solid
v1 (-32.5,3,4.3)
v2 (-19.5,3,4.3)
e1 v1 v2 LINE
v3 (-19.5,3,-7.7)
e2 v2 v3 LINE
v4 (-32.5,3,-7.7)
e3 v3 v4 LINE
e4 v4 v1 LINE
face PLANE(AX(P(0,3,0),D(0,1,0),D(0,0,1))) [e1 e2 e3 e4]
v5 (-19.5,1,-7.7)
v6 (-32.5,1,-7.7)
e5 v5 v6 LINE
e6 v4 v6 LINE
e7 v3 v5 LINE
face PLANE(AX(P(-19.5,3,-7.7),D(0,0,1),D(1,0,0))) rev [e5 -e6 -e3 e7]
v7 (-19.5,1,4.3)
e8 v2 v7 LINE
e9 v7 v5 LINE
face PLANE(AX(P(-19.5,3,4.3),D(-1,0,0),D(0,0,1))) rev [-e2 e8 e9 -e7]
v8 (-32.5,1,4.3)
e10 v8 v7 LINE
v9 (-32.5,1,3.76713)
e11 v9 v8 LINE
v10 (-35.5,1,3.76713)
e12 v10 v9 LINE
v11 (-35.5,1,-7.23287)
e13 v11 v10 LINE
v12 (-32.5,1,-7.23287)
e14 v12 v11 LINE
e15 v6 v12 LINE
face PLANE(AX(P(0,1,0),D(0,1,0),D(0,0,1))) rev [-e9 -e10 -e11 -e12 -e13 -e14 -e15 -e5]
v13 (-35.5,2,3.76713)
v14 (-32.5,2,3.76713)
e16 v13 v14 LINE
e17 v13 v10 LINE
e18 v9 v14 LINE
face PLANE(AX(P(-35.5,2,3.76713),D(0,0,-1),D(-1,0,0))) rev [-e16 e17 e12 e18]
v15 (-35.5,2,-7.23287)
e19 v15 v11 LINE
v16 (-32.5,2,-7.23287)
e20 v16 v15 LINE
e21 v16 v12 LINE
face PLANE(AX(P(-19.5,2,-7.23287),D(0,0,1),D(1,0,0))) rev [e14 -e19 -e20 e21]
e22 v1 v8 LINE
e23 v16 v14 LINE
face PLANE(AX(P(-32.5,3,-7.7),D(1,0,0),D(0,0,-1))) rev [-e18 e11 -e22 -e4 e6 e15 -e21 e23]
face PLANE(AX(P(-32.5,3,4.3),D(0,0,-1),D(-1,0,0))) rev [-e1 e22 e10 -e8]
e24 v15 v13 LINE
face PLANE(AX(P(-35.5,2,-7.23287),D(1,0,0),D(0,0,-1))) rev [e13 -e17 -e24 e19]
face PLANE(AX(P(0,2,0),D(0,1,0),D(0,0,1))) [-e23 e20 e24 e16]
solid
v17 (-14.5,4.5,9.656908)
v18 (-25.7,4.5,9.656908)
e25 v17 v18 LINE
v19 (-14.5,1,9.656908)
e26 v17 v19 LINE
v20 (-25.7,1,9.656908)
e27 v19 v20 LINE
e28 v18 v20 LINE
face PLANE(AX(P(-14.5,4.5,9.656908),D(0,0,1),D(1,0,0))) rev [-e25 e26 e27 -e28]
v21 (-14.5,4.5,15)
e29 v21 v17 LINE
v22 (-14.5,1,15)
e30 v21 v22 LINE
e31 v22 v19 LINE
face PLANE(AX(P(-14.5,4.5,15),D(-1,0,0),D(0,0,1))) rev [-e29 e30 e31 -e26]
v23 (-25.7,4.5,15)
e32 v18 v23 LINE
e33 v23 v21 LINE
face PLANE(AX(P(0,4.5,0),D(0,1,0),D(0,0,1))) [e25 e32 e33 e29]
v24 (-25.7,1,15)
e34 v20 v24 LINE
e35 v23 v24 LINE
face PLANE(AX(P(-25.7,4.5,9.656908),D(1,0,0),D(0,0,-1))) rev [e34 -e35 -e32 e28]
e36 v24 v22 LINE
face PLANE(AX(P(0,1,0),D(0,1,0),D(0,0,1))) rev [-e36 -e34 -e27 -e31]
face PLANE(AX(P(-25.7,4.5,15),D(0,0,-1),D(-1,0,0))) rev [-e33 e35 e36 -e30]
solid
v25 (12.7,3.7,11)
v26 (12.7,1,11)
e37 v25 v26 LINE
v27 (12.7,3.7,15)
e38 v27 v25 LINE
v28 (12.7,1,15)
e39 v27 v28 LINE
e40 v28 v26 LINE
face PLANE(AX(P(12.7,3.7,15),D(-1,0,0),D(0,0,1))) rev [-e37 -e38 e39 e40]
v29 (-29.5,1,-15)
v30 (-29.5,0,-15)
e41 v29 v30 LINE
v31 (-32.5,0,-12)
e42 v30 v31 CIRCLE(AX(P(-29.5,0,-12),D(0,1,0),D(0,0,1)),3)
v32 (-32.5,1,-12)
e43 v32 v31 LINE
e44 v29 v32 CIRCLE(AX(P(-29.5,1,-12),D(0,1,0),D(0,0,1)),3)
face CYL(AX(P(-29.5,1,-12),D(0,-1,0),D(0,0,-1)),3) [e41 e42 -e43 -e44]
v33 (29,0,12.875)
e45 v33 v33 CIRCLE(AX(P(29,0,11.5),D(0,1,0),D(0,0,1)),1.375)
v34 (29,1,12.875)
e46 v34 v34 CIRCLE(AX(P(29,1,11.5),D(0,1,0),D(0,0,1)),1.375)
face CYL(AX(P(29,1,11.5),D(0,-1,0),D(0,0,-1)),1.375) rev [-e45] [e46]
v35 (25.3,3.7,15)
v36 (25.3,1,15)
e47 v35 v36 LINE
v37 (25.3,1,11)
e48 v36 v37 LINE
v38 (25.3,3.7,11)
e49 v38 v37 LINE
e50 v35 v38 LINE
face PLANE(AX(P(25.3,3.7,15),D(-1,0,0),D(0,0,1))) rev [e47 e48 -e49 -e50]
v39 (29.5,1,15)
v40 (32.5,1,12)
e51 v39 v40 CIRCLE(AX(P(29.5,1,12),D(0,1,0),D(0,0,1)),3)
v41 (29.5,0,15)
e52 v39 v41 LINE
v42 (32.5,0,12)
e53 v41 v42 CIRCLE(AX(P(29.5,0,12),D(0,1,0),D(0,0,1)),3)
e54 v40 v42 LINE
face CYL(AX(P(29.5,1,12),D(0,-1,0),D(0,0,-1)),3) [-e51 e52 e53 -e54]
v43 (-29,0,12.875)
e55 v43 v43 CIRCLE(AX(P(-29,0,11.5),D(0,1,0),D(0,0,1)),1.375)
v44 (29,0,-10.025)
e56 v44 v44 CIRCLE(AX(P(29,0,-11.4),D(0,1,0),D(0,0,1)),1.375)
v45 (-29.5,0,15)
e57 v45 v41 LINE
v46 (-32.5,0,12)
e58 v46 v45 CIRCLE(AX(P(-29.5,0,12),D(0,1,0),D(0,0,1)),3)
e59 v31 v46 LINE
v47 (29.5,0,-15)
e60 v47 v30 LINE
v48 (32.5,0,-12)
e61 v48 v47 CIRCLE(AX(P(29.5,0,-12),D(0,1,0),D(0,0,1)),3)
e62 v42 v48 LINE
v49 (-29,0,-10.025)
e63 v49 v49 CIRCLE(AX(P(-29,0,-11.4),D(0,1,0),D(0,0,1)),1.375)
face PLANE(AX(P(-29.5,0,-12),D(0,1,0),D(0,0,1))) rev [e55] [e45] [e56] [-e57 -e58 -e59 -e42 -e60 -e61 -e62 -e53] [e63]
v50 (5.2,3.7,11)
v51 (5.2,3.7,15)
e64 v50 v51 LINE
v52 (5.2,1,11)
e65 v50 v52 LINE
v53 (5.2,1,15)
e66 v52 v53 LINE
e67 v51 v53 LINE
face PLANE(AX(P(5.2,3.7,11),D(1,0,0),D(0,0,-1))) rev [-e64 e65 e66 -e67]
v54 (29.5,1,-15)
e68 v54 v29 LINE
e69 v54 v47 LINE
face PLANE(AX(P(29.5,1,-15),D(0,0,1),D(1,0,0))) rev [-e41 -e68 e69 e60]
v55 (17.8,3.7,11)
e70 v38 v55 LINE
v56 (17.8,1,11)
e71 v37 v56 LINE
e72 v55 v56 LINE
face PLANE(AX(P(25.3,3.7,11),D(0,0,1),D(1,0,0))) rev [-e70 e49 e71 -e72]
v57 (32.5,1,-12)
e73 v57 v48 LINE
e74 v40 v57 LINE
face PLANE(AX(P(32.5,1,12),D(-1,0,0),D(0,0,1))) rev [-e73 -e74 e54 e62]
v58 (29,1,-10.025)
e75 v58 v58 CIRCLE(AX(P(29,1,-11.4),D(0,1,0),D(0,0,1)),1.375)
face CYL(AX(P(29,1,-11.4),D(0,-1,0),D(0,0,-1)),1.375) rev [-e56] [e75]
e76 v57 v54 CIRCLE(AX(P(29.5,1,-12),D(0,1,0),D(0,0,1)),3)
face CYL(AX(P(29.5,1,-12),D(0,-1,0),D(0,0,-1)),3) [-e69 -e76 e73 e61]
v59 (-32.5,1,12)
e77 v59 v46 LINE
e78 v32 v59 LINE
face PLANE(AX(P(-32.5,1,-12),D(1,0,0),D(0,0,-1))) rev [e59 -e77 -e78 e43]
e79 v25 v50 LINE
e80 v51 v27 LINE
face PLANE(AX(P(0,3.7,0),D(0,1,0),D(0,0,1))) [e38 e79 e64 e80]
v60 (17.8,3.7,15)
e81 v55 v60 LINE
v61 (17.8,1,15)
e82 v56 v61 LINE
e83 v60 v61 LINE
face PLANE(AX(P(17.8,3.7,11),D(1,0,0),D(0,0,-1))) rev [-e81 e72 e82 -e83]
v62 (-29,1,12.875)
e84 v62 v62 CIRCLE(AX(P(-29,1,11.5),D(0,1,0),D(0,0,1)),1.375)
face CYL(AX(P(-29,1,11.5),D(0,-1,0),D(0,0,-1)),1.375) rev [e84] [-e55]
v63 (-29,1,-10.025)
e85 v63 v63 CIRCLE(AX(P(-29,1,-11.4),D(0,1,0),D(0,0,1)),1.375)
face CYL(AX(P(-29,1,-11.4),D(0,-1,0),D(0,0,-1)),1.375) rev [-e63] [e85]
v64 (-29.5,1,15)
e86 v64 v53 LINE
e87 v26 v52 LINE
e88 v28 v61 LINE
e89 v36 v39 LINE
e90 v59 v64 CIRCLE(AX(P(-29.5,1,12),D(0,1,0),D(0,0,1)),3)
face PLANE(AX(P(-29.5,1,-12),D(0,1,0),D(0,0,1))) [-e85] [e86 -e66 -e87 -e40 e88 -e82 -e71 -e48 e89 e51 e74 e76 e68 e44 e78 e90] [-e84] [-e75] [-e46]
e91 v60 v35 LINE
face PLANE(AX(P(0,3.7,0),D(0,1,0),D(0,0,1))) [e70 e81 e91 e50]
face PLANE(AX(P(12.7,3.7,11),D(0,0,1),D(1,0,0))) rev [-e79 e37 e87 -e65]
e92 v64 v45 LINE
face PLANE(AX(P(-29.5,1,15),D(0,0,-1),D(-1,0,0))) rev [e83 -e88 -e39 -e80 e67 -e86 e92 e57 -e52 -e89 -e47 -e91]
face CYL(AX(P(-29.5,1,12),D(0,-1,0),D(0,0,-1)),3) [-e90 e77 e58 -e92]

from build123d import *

# Parameters (mm, degrees)
SKETCH_1_R      = 1.375
EXTRUDE_1_DEPTH = 1
SKETCH_2_W      = 7.5
SKETCH_2_H      = 4
EXTRUDE_2_DEPTH = 2.7
SKETCH_3_W      = 11.2
SKETCH_3_H      = 5.343091965
EXTRUDE_3_DEPTH = 3.5
SKETCH_4_W      = 13
SKETCH_4_H      = 12
EXTRUDE_4_DEPTH = 2
SKETCH_5_W      = 16
SKETCH_5_H      = 11
EXTRUDE_5_DEPTH = 1


with BuildPart() as part:
    # 草图1 → 凸台-拉伸1 (new body)
    with BuildSketch(Plane(origin=(0, 0, 0), x_dir=(1, 0, 0), z_dir=(0, 1, 0))):
        with BuildLine():
            Line((-32.5, 12), (-32.5, -12))
            ThreePointArc((-32.5, -12), (-31.621320344, -14.121320344), (-29.5, -15))
            Line((-29.5, -15), (29.5, -15))
            ThreePointArc((29.5, -15), (31.621320344, -14.121320344), (32.5, -12))
            Line((32.5, -12), (32.5, 12))
            ThreePointArc((32.5, 12), (31.621320344, 14.121320344), (29.5, 15))
            Line((29.5, 15), (-29.5, 15))
            ThreePointArc((-29.5, 15), (-31.621320344, 14.121320344), (-32.5, 12))
        make_face()
        with Locations(Location((29, 11.4, 0), (0, 0, 270))):
            Circle(SKETCH_1_R, mode=Mode.SUBTRACT)
        with Locations(Location((29, -11.5, 0), (0, 0, 270))):
            Circle(SKETCH_1_R, mode=Mode.SUBTRACT)
        with Locations(Location((-29, -11.5, 0), (0, 0, 270))):
            Circle(SKETCH_1_R, mode=Mode.SUBTRACT)
        with Locations(Location((-29, 11.4, 0), (0, 0, 270))):
            Circle(SKETCH_1_R, mode=Mode.SUBTRACT)
    extrude(amount=EXTRUDE_1_DEPTH)

    # 草图2 → 凸台-拉伸2 (add)
    with BuildSketch(Plane(origin=(0, 1, 0), x_dir=(1, 0, 0), z_dir=(0, 1, 0))):
        with Locations((21.55, -13)):
            Rectangle(SKETCH_2_W, SKETCH_2_H)
        with Locations((8.95, -13)):
            Rectangle(SKETCH_2_W, SKETCH_2_H)
    extrude(amount=EXTRUDE_2_DEPTH)


with BuildPart() as body_2:
    # 草图3 → 凸台-拉伸3 (new body)
    with BuildSketch(Plane(origin=(0, 1, 0), x_dir=(1, 0, 0), z_dir=(0, 1, 0))):
        with Locations((-20.1, -12.328454018)):
            Rectangle(SKETCH_3_W, SKETCH_3_H)
    extrude(amount=EXTRUDE_3_DEPTH)


with BuildPart() as body_3:
    # 草图4 → 凸台-拉伸4 (new body)
    with BuildSketch(Plane(origin=(0, 1, 0), x_dir=(1, 0, 0), z_dir=(0, 1, 0))):
        with Locations((-26, 1.7)):
            Rectangle(SKETCH_4_W, SKETCH_4_H)
    extrude(amount=EXTRUDE_4_DEPTH)

    # 草图5 → 凸台-拉伸5 (add)
    with BuildSketch(Plane(origin=(0, 1, 0), x_dir=(1, 0, 0), z_dir=(0, 1, 0))):
        with Locations((-27.5, 1.732869615)):
            Rectangle(SKETCH_5_W, SKETCH_5_H)
    extrude(amount=EXTRUDE_5_DEPTH)


solid = Compound([part.part, body_2.part, body_3.part])
